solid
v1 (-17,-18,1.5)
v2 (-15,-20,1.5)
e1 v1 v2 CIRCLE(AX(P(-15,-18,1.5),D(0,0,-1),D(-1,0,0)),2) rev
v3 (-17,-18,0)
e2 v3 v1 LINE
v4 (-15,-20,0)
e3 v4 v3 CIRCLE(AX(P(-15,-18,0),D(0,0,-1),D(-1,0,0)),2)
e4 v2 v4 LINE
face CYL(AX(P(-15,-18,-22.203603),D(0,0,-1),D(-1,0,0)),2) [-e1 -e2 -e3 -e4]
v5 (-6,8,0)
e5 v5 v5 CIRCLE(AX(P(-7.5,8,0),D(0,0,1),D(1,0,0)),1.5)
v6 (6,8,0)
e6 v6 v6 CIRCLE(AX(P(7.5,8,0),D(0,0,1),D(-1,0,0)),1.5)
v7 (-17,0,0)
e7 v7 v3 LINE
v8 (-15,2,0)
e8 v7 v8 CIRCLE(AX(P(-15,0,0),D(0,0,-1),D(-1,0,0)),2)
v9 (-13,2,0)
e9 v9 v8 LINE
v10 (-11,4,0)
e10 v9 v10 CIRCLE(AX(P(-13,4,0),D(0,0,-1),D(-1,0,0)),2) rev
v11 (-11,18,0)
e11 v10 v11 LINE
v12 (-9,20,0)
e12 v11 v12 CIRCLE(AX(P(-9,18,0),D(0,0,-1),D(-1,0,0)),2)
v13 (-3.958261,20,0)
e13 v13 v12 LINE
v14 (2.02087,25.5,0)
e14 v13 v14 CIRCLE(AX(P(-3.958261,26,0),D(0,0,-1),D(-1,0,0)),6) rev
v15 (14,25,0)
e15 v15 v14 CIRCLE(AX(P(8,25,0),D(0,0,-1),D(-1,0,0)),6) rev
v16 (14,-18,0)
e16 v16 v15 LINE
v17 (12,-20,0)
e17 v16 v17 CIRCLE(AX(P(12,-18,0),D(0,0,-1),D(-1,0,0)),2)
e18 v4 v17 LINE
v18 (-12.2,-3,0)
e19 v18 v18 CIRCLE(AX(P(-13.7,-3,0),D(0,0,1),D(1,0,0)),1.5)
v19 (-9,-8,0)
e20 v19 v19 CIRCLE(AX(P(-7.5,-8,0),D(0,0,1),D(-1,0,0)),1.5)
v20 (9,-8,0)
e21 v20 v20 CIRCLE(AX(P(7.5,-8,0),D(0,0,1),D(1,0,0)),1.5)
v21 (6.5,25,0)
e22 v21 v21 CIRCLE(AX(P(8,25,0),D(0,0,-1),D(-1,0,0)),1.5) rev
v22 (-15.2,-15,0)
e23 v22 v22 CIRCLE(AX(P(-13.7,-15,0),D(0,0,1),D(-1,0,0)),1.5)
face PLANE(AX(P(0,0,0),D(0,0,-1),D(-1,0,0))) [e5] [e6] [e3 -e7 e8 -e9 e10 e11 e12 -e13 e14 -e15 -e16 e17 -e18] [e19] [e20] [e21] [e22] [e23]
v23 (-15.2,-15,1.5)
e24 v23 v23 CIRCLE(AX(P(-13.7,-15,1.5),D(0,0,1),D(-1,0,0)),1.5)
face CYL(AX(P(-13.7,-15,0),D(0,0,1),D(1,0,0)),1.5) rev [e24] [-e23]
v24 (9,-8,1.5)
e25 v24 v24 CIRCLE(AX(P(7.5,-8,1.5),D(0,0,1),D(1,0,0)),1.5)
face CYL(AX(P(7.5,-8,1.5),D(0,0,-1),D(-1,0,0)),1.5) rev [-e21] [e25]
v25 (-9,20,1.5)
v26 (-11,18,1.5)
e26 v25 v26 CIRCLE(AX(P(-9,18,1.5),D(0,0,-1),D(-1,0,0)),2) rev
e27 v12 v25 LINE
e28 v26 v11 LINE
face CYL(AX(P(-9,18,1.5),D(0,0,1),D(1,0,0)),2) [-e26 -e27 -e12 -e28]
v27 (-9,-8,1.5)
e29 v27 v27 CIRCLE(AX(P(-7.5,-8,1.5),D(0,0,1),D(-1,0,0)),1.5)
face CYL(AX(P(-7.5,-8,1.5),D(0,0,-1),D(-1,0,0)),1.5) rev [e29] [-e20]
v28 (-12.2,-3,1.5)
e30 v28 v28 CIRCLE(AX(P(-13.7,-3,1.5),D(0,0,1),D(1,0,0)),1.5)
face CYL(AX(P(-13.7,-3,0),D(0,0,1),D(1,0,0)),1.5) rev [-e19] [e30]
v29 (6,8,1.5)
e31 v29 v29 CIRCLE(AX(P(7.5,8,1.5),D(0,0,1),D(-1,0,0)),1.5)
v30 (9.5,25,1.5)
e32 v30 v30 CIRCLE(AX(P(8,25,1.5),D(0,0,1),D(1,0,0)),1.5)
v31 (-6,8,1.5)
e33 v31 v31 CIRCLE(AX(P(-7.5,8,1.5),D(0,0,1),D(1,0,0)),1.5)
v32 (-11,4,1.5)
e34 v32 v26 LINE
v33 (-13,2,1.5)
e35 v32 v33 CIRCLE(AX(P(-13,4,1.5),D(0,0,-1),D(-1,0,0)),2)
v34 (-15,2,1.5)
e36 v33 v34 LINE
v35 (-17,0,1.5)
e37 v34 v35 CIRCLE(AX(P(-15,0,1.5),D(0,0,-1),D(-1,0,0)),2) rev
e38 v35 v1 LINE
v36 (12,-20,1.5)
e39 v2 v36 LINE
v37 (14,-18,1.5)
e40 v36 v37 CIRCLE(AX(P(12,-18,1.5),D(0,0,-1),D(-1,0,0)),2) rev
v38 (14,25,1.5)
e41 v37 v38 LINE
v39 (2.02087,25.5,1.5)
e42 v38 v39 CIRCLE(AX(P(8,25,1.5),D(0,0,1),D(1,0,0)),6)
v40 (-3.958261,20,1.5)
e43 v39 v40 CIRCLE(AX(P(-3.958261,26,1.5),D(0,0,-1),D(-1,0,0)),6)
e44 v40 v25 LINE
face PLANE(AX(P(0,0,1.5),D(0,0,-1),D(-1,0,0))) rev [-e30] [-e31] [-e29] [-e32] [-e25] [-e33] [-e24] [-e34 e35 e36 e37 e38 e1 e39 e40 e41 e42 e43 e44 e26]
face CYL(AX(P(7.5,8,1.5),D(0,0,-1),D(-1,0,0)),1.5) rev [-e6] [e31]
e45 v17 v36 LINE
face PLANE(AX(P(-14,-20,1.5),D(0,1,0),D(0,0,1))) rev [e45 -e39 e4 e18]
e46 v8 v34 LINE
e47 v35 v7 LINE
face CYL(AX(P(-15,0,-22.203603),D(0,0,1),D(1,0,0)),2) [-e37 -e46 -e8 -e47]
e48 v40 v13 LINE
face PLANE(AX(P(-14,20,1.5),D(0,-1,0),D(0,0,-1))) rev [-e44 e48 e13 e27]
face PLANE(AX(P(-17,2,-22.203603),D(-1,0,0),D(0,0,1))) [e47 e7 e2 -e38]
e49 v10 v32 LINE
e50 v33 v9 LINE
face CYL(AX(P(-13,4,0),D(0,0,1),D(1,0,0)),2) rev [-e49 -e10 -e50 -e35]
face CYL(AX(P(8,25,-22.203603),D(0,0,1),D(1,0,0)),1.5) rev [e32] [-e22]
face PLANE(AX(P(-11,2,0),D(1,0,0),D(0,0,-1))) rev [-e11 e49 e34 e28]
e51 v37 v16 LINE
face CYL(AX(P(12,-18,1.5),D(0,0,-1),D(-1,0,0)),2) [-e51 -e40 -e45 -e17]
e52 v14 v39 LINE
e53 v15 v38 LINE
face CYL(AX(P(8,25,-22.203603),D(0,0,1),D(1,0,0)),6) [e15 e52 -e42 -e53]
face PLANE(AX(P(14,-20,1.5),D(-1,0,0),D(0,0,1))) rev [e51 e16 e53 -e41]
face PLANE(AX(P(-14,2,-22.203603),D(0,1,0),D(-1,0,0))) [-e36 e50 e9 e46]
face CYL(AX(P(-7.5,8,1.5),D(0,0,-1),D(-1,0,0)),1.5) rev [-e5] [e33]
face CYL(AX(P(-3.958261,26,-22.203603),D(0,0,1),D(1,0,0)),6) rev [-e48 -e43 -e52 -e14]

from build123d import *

# Parameters (mm, degrees)
ESQUISSE1_W             = 28
ESQUISSE1_H             = 40
ESQUISSE1_R             = 1.5
BOSS_EXTRU_1_DEPTH      = 1.5
ESQUISSE3_R             = 1.5
ESQUISSE3_W             = 3
ESQUISSE3_H             = 22
BOSS_EXTRU_2_DEPTH      = 1.5
CONG_1_R                = 6
ESQUISSE4_R             = 1.5
ESQUISSE4_W             = 6
ESQUISSE4_H             = 18
ENL_V_MAT_EXTRU_1_DEPTH = 36.387144698
CONG_2_R                = 2


with BuildPart() as part:
    # Esquisse1 → Boss.-Extru.1 (new body)
    with BuildSketch(Plane.XY):
        Rectangle(ESQUISSE1_W, ESQUISSE1_H)
        with Locations((-7.5, 8)):
            Circle(ESQUISSE1_R, mode=Mode.SUBTRACT)
        with Locations(Location((7.5, 8, 0), (0, 0, 180))):
            Circle(ESQUISSE1_R, mode=Mode.SUBTRACT)
        with Locations((7.5, -8)):
            Circle(ESQUISSE1_R, mode=Mode.SUBTRACT)
        with Locations(Location((-7.5, -8, 0), (0, 0, 180))):
            Circle(ESQUISSE1_R, mode=Mode.SUBTRACT)
    extrude(amount=BOSS_EXTRU_1_DEPTH)

    # Esquisse3 → Boss.-Extru.2 (add)
    # profile 1 of 2: a face of its own
    with BuildSketch(Plane.XY.offset(1.5)):
        with BuildLine():
            Line((2, 20), (2, 25))
            ThreePointArc((2, 25), (8, 31), (14, 25))
            Line((14, 25), (14, 20))
            ThreePointArc((14, 20), (8, 14), (2, 20))
        make_face()
        with Locations((8, 25)):
            Circle(ESQUISSE3_R, mode=Mode.SUBTRACT)
    # profile 2 of 2: a face of its own
    with BuildSketch(Plane.XY.offset(1.5)):
        with Locations((-15.5, -9)):
            Rectangle(ESQUISSE3_W, ESQUISSE3_H)
    extrude(amount=-BOSS_EXTRU_2_DEPTH)

    # Congé1
    cong_1_edges = [part.edges().sort_by_distance(p)[0] for p in [
        (2, 20, 0.75),
    ]]
    fillet(cong_1_edges, radius=CONG_1_R)

    # Esquisse4 → Enlèv. mat.-Extru.1 (cut, through all)
    with BuildSketch(Plane.XY.offset(1.5)):
        with Locations((-13.7, -3)):
            Circle(ESQUISSE4_R)
        with Locations(Location((-13.7, -15, 0), (0, 0, 180))):
            Circle(ESQUISSE4_R)
        with Locations((-14, 11)):
            Rectangle(ESQUISSE4_W, ESQUISSE4_H)
    extrude(amount=-ENL_V_MAT_EXTRU_1_DEPTH, mode=Mode.SUBTRACT)

    # Congé2
    cong_2_edges = [part.edges().sort_by_distance(p)[0] for p in [
        (-17, 2, 0.75),
        (-17, -20, 0.75),
        (14, -20, 0.75),
        (-11, 2, 0.75),
        (-11, 20, 0.75),
    ]]
    fillet(cong_2_edges, radius=CONG_2_R)


solid = part.part
